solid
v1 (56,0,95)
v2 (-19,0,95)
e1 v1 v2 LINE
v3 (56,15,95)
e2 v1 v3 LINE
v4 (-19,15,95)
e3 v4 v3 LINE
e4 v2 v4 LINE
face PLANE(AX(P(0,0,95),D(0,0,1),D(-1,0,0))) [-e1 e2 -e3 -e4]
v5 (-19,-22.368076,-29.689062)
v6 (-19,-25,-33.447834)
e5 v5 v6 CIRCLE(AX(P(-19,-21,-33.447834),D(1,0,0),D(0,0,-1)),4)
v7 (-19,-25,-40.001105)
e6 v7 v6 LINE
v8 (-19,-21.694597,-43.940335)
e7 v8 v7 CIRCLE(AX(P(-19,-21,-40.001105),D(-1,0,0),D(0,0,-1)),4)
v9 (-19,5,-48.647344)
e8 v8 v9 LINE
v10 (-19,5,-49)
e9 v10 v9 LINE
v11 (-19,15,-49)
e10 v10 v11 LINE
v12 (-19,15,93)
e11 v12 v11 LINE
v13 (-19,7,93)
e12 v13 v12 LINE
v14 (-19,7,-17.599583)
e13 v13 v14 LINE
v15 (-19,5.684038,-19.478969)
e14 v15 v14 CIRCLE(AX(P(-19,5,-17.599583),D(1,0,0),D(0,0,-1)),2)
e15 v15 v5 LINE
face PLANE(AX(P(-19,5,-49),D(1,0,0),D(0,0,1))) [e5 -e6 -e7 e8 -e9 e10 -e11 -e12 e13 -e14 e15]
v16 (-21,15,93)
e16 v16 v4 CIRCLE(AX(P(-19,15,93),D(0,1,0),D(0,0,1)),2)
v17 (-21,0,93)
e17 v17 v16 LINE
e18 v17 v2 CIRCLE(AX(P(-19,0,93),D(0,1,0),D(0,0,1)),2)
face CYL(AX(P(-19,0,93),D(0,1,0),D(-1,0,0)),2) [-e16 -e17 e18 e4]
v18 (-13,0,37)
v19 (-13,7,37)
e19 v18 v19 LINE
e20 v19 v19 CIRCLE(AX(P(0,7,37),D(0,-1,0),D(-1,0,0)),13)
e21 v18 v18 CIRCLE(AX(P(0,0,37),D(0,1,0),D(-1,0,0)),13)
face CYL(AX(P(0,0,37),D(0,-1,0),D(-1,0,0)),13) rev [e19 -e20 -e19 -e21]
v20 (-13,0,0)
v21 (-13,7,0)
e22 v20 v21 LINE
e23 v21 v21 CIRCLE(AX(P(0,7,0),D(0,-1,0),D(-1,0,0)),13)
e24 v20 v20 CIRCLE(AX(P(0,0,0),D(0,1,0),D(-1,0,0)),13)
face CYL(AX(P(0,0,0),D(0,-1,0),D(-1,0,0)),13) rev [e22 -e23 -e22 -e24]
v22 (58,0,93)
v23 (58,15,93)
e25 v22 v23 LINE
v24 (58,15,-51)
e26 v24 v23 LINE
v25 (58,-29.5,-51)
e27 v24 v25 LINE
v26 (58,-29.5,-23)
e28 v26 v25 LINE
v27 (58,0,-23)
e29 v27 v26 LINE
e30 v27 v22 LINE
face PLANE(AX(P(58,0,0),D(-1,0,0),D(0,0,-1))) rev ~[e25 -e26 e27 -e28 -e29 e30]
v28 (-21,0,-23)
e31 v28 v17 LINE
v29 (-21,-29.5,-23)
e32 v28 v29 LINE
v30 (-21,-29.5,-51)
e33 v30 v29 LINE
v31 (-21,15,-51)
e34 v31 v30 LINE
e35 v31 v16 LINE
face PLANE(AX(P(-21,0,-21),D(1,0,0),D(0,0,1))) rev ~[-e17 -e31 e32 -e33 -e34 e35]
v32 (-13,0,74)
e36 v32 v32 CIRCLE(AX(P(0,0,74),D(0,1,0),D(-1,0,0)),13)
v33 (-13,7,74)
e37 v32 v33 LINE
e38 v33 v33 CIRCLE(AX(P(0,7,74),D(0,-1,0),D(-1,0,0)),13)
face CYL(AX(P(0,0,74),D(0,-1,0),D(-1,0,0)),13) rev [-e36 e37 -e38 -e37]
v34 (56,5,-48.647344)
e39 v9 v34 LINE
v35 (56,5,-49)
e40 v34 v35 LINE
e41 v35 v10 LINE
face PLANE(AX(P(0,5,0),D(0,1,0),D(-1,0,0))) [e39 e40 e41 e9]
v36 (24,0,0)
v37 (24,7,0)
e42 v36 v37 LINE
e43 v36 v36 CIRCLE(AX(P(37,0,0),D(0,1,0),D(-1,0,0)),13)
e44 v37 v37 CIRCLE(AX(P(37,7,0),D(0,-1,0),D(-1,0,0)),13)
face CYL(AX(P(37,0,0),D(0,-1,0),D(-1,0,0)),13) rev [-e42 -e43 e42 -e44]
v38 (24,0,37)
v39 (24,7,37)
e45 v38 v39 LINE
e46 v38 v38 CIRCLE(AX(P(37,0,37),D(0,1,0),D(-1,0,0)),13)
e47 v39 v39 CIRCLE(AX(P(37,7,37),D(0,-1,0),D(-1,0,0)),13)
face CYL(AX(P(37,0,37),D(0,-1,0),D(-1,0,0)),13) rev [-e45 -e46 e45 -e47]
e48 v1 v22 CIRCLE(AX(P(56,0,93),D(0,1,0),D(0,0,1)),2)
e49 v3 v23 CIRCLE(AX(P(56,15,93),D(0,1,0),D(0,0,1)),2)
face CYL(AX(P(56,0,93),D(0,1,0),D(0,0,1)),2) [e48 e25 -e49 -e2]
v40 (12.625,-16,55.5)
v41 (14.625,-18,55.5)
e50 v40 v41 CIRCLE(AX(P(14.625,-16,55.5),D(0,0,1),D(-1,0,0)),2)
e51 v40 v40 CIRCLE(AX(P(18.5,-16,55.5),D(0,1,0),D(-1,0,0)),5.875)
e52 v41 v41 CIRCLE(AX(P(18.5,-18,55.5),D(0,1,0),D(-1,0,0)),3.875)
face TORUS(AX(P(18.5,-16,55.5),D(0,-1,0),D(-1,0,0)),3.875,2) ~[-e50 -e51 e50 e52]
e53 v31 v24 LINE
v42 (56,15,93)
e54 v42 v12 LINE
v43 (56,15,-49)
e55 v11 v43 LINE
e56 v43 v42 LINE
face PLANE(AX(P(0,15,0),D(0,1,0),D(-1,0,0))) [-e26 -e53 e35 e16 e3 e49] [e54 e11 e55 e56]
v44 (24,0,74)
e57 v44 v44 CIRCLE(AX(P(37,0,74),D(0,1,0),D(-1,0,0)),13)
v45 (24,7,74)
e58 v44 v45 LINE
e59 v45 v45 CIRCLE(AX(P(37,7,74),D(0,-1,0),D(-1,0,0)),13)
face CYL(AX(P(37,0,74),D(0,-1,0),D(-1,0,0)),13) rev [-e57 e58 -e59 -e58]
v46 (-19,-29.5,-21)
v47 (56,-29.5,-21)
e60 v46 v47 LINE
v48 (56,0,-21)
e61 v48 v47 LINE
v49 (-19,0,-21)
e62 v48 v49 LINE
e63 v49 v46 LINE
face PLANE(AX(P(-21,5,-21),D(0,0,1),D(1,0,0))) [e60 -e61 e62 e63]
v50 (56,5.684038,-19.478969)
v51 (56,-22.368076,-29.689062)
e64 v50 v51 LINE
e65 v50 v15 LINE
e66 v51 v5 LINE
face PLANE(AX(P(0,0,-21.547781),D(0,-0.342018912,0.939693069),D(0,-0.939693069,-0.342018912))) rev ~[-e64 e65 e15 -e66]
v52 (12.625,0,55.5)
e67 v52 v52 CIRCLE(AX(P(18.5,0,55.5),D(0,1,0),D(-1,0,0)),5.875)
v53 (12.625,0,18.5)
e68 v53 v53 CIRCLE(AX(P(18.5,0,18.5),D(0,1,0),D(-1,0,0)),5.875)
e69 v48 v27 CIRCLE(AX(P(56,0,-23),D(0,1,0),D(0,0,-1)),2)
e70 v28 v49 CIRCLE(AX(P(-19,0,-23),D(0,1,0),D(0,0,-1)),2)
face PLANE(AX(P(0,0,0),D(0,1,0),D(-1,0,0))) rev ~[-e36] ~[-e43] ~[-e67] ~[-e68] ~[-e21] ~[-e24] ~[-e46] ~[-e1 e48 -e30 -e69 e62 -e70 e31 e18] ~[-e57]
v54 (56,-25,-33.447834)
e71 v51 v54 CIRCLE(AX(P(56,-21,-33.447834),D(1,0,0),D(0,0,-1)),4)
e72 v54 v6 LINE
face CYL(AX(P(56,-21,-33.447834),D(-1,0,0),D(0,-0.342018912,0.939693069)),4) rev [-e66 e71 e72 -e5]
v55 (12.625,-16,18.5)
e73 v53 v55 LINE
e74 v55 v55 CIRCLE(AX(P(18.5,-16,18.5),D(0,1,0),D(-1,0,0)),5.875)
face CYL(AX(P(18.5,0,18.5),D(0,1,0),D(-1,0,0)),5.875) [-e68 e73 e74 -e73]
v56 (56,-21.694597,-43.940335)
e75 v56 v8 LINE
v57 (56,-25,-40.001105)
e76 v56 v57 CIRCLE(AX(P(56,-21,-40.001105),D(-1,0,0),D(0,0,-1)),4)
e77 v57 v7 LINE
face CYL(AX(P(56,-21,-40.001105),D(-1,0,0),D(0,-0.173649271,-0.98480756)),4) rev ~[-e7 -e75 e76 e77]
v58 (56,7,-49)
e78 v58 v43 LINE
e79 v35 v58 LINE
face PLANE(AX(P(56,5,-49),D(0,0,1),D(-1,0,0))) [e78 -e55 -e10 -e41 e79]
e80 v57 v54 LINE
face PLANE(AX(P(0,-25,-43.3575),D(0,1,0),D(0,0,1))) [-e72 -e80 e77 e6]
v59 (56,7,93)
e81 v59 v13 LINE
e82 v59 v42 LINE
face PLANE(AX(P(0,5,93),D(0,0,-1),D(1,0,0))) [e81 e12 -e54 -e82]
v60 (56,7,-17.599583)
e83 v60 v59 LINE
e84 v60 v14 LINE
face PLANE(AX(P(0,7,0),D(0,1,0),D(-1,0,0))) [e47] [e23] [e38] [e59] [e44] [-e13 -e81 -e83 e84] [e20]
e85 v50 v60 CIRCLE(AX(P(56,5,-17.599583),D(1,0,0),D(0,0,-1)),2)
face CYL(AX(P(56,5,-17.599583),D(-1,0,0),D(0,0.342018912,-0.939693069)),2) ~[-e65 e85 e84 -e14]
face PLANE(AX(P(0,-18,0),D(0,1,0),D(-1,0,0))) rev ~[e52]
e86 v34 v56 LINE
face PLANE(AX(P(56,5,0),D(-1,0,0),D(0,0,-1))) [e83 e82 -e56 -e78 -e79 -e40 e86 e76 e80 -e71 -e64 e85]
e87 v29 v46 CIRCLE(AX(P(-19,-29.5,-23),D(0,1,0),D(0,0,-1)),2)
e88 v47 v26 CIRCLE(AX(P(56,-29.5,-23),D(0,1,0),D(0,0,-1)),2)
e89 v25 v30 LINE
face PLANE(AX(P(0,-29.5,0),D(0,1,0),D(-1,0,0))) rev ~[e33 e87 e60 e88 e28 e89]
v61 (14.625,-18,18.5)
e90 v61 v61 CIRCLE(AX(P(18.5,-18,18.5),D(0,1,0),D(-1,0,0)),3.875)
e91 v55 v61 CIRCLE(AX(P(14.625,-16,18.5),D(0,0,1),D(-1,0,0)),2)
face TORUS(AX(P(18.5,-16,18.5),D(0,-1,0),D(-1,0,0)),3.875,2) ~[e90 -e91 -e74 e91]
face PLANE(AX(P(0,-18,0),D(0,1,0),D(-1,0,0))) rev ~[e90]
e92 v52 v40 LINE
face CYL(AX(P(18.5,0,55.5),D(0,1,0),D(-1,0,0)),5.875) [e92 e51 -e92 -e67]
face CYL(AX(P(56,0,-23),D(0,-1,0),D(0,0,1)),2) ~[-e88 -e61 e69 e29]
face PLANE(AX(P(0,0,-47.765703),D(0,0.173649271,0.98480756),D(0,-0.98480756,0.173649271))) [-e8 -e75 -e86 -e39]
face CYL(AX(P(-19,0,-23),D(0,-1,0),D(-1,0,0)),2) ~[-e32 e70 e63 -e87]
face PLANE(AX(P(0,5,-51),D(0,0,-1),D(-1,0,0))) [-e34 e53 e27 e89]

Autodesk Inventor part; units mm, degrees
ref_plane "YZ Plane" through (0, 0, 0) normal (1, 0, 0) x (0, 1, 0)
ref_plane "XY Plane" through (0, 0, 0) normal (0, 0, 1) x (1, 0, 0)
sketch "Sketch1" plane through (0, 0, 0) normal (0, 1, 0) x (-1, 0, 0)
  line L0 (25.9, 0) -> (-25.9, 0) projected
  line L1 (0, -25.9) -> (0, 25.9) projected
  circle A0 centre (0, 0) radius 18.5 construction
  circle A1 centre (0, 0) radius 13 construction
  dimension "d0" = 37
  dimension "d1" = 26
sketch "Sketch2" plane through (0, 0, 0) normal (0, 1, 0) x (-1, 0, 0)
  line L0 (36.8, 0) -> (-73.8, 0) projected
  line L1 (0, -44.2) -> (0, 118.2) projected
  line L2 (-58, 95) -> (-58, -21)
  line L3 (-58, -21) -> (21, -21)
  line L4 (21, -21) -> (21, 95)
  line L5 (-58, 95) -> (21, 95)
  circle A0 centre (-37, 0) radius 18.5 construction
  circle A1 centre (-37, 37) radius 18.5 construction
  circle A2 centre (-37, 74) radius 18.5 construction
  point P0 (0, 0)
  dimension "d29" = 21
  dimension "d30" = 95
  dimension "d109" = 58
  dimension "d110" = 21
  dimension "d111" = 37
  dimension "d112" = 37
  dimension "d113" = 37
  dimension "d114" = 37
  dimension "d115" = 37
  dimension "d116" = 37
  dimension "d117" = 37
  dimension "d118" = 37
extrude "Extrusion1" add sketch "Sketch2" along normal blind 7
sketch "Sketch6" plane through (0, 0, 0) normal (0, 1, 0) x (-1, 0, 0)
  line L0 (21, -21) -> (-58, -21) projected
  line L1 (21, 95) -> (21, -21) projected
  line L2 (-58, -21) -> (21, -21)
  line L3 (21, -21) -> (21, 95)
  line L4 (-58, 95) -> (-58, -21)
  line L5 (80.1765, 0) -> (-86.8627, 0) projected
  line L6 (0, -44.2) -> (0, 118.2) projected
  line L7 (21, 95) -> (-58, 95) projected
  line L8 (-53, 95) -> (-53, 0)
  line L9 (53, 0) -> (53, 95)
  line L10 (53, 95) -> (21, 95)
  line L11 (-58, 95) -> (-58, -21) projected
  line L12 (-58, 95) -> (-53, 95)
  arc A0 (37, -16) -> (53, 0) centre (37, 0) ccw
  arc A1 (-53, 0) -> (-37, -16) centre (-37, 0) ccw
  line L13 (37, -16) -> (-39.8141, -16)
  point P0 (0, 0)
  point P1 (-16, 0)
  dimension "d101" = 53
  dimension "d102" = 53
  dimension "d103" = 32
  dimension "d104" = 32
extrude "Extrusion5" [suppressed]
sketch "Sketch4" plane through (0, 0, 0) normal (0, 0, 1) x (1, 0, 0)
  line L0 (-55.5, 0) -> (55.5, 0)
  line L1 (55.5, 0) -> (55.5, -2.5)
  line L2 (55.5, -2.5) -> (-55.5, -2.5)
  line L3 (-55.5, -2.5) -> (-55.5, 0)
  line L4 (-77.7, 0) -> (77.7, 0) projected
  line L5 (0, -3) -> (0, 0.5) projected
  point P0 (0, 0)
  dimension "d10" = 111
  dimension "d11" = 2.5
extrude "Extrusion6" [suppressed]
sketch "Sketch5" plane through (0, 0, 0) normal (0, 1, 0) x (-1, 0, 0)
  circle A0 centre (0, 0) radius 18.5 construction
  circle A1 centre (0, 0) radius 18.5 construction
  line L0 (77.7, 0) -> (-77.7, 0) projected
  line L1 (0, -28.9) -> (0, 26.4) projected
  line L2 (-55.5, -21) -> (55.5, -21)
  line L3 (55.5, -21) -> (55.5, -18.5)
  line L4 (55.5, -18.5) -> (-55.5, -18.5)
  line L5 (-55.5, -18.5) -> (-55.5, -21)
  dimension "d25" = 111
  dimension "d26" = 21
extrude "Extrusion7" [suppressed]
sketch "Sketch7" plane through (0, 0, 0) normal (0, 0, 1) x (1, 0, 0)
  line L0 (-55.5, 0) -> (55.5, 0)
  line L1 (55.5, 0) -> (55.5, -2.5)
  line L2 (55.5, -2.5) -> (-55.5, -2.5)
  line L3 (-55.5, -2.5) -> (-55.5, 0)
  line L4 (58, 0) -> (-21, 0) projected
  line L5 (-79.2, 0) -> (86.7, 0) projected
  line L6 (0, -3) -> (0, 0.5) projected
  point P0 (-16, 0)
  point P1 (16, 0)
  point P2 (53, 0)
  point P3 (-53, 0)
  dimension "d53" = 2.5
  dimension "d54" = 55.5
extrude "Extrusion8" [suppressed]
sketch "Sketch8" plane through (0, 0, 0) normal (0, 1, 0) x (-1, 0, 0)
  circle A0 centre (0, 0) radius 13
  dimension "d34" = 26
extrude "Extrusion9" cut sketch "Sketch8" along normal through all
pattern_linear "Rectangular Pattern1" count 3 spacing 37 along (0, 0, 1) count 2 spacing 37 along (1, 0, 0) of "Extrusion9"
sketch "Sketch9" plane through (0, 7, 0) normal (0, 1, 0) x (1, 0, 0)
  circle A0 centre (0, 0) radius 13
  circle A1 centre (0, 0) radius 15
  dimension "d40" = 26
  dimension "d41" = 30
extrude "Extrusion10" [suppressed]
sketch "Sketch10" plane through (0, 5, 0) normal (0, 1, 0) x (1, 0, 0)
  arc A0 (16, 0) -> (-16, 0) centre (0, 0) ccw projected
  line L0 (1.5, -18) -> (-1.5, -18)
  line L1 (-29.4, 0) -> (29.4, 0) projected
  line L2 (0, 36.3) -> (0, -70.8) projected
  line L3 (1.5, -12) -> (-1.5, -12)
  line L4 (1.5, -12) -> (1.5, -18)
  line L5 (-1.5, -18) -> (-1.5, -12)
  dimension "d48" = 3
  dimension "d49" = 12
  dimension "d50" = 6
extrude "Extrusion11" [suppressed]
ref_plane "Work Plane1" through (0, 5, 0) normal (0, 1, 0) x (-1, 0, 0)
sketch "Sketch12" plane through (0, 5, 0) normal (0, 1, 0) x (-1, 0, 0)
  line L0 (21, -21) -> (-58, -21)
  line L1 (-58, -21) -> (-58, -51)
  line L2 (-58, -51) -> (21, -51)
  line L3 (21, -51) -> (21, -21)
  line L4 (43.8, 0) -> (-80.8, 0) projected
  line L5 (0, -64.9) -> (0, 32.4) projected
  point P0 (0, 0)
  dimension "d62" = 30
  dimension "d123" = 58
  dimension "d124" = 21
  dimension "d125" = 21
extrude "Extrusion12" add sketch "Sketch12" against normal blind 34.5
sketch "Sketch13" plane through (0, 0, 0) normal (1, 0, 0) x (0, 1, 0)
  line L0 (-31.4, 0) -> (13.4, 0) projected
  line L1 (0, -62.5) -> (0, 32) projected
  line L2 (7, -19) -> (7, -49)
  line L3 (7, -49) -> (-25, -43.3575)
  line L4 (-25, -43.3575) -> (-25, -30.647)
  line L5 (7, -19) -> (-25, -30.647)
  point P0 (0, 0)
  dimension "d85" = 25
  dimension "d86" = 7
  dimension "d87" = 49
  dimension "d88" = 30
  dimension "d89" = 100
  dimension "d90" = 110
extrude "Extrusion14" cut sketch "Sketch13" against normal blind 19
sketch "Sketch14" plane through (0, 5, 0) normal (0, 1, 0) x (-1, 0, 0)
  line L0 (0, -80.2) -> (0, 124.2) projected
  line L1 (19, 93) -> (-56, 93)
  line L2 (-56, 93) -> (-56, -49)
  line L3 (-56, -49) -> (19, -49)
  line L4 (19, -49) -> (19, 93)
  line L5 (21, 95) -> (-58, 95)
  line L6 (-58, 95) -> (-58, -51)
  line L7 (-58, -51) -> (21, -51)
  line L8 (21, -51) -> (21, 95)
  line L9 (43.8, 0) -> (-80.8, 0) projected
  dimension "d91" = 51
  dimension "d92" = 95
  dimension "d95" = 93
  dimension "d96" = 49
  dimension "d119" = 58
  dimension "d120" = 21
  dimension "d121" = 56
  dimension "d122" = 19
extrude "Extrusion15" add sketch "Sketch14" along normal blind 10 contours L7 L6 L9 L2 L3 L0 | L0 L3 L4 L9 L8 L7 | L6 L5 L0 L1 L2 L9 | L9 L4 L1 L0 L5 L8
fillet "Fillet3" radius 2 2 edges at (58, 7.5, 95) (-21, 7.5, 95)
fillet "Fillet5" radius 2 2 edges at (58, -14.75, -21) (-21, -14.75, -21)
fillet "Fillet8" [suppressed]
extrude "Extrusion16" cut sketch "Sketch13" along normal blind 56
sketch "Sketch15" plane through (0, 0, 0) normal (0, 1, 0) x (-1, 0, 0)
  circle A0 centre (-18.5, 18.5) radius 5.875
  line L0 (27.075, 0) -> (-32.95, 0) projected
  line L1 (0, -34.475) -> (0, 77.35) projected
  circle A1 centre (-18.5, 55.5) radius 5.875
  point P0 (0, 0)
  dimension "d128" = 18.5
  dimension "d129" = 18.5
  dimension "d130" = 11.75
  dimension "d133" = 37
extrude "Extrusion17" add sketch "Sketch15" against normal blind 18
fillet "Fillet9" radius 2 2 edges at (24.375, -18, 55.5) (24.375, -18, 18.5)
fillet "Fillet10" radius 4 2 edges at (18.5, -25, -43.3575) (18.5, -25, -30.647)
fillet "Fillet11" radius 2 1 edges at (18.5, 7, -19)
sketch "Sketch16" plane through (-19, 0, 0) normal (1, 0, 0) x (0, 0, -1)
  circle A0 centre (34.9178, 2) radius 13
  line L0 (48.6473, 5) -> (43.9404, -21.6946) projected
  line L1 (-93, 15) -> (49, 15) projected
  line L2 (49.4247, 14.4011) -> (38.404, -16.7639)
  line L3 (38.404, -16.7639) -> (16.9247, 8.3628)
  line L4 (16.9247, 8.3628) -> (49.4247, 14.4011)
  line L5 (49, 5) -> (49, 15) projected
  line L6 (49, 11.3819) -> (46.2939, 13.8194)
  point P0 (0, 0)
  dimension "d163" = 26
  dimension "d164" = 32.5
equation "\"d115\" = d114"
equation "\"d117\" = d116"
equation "\"d118\" = d115"
equation "\"d102\" = d101"
properties part number "NespressoSpeedfiller-6X-long"
